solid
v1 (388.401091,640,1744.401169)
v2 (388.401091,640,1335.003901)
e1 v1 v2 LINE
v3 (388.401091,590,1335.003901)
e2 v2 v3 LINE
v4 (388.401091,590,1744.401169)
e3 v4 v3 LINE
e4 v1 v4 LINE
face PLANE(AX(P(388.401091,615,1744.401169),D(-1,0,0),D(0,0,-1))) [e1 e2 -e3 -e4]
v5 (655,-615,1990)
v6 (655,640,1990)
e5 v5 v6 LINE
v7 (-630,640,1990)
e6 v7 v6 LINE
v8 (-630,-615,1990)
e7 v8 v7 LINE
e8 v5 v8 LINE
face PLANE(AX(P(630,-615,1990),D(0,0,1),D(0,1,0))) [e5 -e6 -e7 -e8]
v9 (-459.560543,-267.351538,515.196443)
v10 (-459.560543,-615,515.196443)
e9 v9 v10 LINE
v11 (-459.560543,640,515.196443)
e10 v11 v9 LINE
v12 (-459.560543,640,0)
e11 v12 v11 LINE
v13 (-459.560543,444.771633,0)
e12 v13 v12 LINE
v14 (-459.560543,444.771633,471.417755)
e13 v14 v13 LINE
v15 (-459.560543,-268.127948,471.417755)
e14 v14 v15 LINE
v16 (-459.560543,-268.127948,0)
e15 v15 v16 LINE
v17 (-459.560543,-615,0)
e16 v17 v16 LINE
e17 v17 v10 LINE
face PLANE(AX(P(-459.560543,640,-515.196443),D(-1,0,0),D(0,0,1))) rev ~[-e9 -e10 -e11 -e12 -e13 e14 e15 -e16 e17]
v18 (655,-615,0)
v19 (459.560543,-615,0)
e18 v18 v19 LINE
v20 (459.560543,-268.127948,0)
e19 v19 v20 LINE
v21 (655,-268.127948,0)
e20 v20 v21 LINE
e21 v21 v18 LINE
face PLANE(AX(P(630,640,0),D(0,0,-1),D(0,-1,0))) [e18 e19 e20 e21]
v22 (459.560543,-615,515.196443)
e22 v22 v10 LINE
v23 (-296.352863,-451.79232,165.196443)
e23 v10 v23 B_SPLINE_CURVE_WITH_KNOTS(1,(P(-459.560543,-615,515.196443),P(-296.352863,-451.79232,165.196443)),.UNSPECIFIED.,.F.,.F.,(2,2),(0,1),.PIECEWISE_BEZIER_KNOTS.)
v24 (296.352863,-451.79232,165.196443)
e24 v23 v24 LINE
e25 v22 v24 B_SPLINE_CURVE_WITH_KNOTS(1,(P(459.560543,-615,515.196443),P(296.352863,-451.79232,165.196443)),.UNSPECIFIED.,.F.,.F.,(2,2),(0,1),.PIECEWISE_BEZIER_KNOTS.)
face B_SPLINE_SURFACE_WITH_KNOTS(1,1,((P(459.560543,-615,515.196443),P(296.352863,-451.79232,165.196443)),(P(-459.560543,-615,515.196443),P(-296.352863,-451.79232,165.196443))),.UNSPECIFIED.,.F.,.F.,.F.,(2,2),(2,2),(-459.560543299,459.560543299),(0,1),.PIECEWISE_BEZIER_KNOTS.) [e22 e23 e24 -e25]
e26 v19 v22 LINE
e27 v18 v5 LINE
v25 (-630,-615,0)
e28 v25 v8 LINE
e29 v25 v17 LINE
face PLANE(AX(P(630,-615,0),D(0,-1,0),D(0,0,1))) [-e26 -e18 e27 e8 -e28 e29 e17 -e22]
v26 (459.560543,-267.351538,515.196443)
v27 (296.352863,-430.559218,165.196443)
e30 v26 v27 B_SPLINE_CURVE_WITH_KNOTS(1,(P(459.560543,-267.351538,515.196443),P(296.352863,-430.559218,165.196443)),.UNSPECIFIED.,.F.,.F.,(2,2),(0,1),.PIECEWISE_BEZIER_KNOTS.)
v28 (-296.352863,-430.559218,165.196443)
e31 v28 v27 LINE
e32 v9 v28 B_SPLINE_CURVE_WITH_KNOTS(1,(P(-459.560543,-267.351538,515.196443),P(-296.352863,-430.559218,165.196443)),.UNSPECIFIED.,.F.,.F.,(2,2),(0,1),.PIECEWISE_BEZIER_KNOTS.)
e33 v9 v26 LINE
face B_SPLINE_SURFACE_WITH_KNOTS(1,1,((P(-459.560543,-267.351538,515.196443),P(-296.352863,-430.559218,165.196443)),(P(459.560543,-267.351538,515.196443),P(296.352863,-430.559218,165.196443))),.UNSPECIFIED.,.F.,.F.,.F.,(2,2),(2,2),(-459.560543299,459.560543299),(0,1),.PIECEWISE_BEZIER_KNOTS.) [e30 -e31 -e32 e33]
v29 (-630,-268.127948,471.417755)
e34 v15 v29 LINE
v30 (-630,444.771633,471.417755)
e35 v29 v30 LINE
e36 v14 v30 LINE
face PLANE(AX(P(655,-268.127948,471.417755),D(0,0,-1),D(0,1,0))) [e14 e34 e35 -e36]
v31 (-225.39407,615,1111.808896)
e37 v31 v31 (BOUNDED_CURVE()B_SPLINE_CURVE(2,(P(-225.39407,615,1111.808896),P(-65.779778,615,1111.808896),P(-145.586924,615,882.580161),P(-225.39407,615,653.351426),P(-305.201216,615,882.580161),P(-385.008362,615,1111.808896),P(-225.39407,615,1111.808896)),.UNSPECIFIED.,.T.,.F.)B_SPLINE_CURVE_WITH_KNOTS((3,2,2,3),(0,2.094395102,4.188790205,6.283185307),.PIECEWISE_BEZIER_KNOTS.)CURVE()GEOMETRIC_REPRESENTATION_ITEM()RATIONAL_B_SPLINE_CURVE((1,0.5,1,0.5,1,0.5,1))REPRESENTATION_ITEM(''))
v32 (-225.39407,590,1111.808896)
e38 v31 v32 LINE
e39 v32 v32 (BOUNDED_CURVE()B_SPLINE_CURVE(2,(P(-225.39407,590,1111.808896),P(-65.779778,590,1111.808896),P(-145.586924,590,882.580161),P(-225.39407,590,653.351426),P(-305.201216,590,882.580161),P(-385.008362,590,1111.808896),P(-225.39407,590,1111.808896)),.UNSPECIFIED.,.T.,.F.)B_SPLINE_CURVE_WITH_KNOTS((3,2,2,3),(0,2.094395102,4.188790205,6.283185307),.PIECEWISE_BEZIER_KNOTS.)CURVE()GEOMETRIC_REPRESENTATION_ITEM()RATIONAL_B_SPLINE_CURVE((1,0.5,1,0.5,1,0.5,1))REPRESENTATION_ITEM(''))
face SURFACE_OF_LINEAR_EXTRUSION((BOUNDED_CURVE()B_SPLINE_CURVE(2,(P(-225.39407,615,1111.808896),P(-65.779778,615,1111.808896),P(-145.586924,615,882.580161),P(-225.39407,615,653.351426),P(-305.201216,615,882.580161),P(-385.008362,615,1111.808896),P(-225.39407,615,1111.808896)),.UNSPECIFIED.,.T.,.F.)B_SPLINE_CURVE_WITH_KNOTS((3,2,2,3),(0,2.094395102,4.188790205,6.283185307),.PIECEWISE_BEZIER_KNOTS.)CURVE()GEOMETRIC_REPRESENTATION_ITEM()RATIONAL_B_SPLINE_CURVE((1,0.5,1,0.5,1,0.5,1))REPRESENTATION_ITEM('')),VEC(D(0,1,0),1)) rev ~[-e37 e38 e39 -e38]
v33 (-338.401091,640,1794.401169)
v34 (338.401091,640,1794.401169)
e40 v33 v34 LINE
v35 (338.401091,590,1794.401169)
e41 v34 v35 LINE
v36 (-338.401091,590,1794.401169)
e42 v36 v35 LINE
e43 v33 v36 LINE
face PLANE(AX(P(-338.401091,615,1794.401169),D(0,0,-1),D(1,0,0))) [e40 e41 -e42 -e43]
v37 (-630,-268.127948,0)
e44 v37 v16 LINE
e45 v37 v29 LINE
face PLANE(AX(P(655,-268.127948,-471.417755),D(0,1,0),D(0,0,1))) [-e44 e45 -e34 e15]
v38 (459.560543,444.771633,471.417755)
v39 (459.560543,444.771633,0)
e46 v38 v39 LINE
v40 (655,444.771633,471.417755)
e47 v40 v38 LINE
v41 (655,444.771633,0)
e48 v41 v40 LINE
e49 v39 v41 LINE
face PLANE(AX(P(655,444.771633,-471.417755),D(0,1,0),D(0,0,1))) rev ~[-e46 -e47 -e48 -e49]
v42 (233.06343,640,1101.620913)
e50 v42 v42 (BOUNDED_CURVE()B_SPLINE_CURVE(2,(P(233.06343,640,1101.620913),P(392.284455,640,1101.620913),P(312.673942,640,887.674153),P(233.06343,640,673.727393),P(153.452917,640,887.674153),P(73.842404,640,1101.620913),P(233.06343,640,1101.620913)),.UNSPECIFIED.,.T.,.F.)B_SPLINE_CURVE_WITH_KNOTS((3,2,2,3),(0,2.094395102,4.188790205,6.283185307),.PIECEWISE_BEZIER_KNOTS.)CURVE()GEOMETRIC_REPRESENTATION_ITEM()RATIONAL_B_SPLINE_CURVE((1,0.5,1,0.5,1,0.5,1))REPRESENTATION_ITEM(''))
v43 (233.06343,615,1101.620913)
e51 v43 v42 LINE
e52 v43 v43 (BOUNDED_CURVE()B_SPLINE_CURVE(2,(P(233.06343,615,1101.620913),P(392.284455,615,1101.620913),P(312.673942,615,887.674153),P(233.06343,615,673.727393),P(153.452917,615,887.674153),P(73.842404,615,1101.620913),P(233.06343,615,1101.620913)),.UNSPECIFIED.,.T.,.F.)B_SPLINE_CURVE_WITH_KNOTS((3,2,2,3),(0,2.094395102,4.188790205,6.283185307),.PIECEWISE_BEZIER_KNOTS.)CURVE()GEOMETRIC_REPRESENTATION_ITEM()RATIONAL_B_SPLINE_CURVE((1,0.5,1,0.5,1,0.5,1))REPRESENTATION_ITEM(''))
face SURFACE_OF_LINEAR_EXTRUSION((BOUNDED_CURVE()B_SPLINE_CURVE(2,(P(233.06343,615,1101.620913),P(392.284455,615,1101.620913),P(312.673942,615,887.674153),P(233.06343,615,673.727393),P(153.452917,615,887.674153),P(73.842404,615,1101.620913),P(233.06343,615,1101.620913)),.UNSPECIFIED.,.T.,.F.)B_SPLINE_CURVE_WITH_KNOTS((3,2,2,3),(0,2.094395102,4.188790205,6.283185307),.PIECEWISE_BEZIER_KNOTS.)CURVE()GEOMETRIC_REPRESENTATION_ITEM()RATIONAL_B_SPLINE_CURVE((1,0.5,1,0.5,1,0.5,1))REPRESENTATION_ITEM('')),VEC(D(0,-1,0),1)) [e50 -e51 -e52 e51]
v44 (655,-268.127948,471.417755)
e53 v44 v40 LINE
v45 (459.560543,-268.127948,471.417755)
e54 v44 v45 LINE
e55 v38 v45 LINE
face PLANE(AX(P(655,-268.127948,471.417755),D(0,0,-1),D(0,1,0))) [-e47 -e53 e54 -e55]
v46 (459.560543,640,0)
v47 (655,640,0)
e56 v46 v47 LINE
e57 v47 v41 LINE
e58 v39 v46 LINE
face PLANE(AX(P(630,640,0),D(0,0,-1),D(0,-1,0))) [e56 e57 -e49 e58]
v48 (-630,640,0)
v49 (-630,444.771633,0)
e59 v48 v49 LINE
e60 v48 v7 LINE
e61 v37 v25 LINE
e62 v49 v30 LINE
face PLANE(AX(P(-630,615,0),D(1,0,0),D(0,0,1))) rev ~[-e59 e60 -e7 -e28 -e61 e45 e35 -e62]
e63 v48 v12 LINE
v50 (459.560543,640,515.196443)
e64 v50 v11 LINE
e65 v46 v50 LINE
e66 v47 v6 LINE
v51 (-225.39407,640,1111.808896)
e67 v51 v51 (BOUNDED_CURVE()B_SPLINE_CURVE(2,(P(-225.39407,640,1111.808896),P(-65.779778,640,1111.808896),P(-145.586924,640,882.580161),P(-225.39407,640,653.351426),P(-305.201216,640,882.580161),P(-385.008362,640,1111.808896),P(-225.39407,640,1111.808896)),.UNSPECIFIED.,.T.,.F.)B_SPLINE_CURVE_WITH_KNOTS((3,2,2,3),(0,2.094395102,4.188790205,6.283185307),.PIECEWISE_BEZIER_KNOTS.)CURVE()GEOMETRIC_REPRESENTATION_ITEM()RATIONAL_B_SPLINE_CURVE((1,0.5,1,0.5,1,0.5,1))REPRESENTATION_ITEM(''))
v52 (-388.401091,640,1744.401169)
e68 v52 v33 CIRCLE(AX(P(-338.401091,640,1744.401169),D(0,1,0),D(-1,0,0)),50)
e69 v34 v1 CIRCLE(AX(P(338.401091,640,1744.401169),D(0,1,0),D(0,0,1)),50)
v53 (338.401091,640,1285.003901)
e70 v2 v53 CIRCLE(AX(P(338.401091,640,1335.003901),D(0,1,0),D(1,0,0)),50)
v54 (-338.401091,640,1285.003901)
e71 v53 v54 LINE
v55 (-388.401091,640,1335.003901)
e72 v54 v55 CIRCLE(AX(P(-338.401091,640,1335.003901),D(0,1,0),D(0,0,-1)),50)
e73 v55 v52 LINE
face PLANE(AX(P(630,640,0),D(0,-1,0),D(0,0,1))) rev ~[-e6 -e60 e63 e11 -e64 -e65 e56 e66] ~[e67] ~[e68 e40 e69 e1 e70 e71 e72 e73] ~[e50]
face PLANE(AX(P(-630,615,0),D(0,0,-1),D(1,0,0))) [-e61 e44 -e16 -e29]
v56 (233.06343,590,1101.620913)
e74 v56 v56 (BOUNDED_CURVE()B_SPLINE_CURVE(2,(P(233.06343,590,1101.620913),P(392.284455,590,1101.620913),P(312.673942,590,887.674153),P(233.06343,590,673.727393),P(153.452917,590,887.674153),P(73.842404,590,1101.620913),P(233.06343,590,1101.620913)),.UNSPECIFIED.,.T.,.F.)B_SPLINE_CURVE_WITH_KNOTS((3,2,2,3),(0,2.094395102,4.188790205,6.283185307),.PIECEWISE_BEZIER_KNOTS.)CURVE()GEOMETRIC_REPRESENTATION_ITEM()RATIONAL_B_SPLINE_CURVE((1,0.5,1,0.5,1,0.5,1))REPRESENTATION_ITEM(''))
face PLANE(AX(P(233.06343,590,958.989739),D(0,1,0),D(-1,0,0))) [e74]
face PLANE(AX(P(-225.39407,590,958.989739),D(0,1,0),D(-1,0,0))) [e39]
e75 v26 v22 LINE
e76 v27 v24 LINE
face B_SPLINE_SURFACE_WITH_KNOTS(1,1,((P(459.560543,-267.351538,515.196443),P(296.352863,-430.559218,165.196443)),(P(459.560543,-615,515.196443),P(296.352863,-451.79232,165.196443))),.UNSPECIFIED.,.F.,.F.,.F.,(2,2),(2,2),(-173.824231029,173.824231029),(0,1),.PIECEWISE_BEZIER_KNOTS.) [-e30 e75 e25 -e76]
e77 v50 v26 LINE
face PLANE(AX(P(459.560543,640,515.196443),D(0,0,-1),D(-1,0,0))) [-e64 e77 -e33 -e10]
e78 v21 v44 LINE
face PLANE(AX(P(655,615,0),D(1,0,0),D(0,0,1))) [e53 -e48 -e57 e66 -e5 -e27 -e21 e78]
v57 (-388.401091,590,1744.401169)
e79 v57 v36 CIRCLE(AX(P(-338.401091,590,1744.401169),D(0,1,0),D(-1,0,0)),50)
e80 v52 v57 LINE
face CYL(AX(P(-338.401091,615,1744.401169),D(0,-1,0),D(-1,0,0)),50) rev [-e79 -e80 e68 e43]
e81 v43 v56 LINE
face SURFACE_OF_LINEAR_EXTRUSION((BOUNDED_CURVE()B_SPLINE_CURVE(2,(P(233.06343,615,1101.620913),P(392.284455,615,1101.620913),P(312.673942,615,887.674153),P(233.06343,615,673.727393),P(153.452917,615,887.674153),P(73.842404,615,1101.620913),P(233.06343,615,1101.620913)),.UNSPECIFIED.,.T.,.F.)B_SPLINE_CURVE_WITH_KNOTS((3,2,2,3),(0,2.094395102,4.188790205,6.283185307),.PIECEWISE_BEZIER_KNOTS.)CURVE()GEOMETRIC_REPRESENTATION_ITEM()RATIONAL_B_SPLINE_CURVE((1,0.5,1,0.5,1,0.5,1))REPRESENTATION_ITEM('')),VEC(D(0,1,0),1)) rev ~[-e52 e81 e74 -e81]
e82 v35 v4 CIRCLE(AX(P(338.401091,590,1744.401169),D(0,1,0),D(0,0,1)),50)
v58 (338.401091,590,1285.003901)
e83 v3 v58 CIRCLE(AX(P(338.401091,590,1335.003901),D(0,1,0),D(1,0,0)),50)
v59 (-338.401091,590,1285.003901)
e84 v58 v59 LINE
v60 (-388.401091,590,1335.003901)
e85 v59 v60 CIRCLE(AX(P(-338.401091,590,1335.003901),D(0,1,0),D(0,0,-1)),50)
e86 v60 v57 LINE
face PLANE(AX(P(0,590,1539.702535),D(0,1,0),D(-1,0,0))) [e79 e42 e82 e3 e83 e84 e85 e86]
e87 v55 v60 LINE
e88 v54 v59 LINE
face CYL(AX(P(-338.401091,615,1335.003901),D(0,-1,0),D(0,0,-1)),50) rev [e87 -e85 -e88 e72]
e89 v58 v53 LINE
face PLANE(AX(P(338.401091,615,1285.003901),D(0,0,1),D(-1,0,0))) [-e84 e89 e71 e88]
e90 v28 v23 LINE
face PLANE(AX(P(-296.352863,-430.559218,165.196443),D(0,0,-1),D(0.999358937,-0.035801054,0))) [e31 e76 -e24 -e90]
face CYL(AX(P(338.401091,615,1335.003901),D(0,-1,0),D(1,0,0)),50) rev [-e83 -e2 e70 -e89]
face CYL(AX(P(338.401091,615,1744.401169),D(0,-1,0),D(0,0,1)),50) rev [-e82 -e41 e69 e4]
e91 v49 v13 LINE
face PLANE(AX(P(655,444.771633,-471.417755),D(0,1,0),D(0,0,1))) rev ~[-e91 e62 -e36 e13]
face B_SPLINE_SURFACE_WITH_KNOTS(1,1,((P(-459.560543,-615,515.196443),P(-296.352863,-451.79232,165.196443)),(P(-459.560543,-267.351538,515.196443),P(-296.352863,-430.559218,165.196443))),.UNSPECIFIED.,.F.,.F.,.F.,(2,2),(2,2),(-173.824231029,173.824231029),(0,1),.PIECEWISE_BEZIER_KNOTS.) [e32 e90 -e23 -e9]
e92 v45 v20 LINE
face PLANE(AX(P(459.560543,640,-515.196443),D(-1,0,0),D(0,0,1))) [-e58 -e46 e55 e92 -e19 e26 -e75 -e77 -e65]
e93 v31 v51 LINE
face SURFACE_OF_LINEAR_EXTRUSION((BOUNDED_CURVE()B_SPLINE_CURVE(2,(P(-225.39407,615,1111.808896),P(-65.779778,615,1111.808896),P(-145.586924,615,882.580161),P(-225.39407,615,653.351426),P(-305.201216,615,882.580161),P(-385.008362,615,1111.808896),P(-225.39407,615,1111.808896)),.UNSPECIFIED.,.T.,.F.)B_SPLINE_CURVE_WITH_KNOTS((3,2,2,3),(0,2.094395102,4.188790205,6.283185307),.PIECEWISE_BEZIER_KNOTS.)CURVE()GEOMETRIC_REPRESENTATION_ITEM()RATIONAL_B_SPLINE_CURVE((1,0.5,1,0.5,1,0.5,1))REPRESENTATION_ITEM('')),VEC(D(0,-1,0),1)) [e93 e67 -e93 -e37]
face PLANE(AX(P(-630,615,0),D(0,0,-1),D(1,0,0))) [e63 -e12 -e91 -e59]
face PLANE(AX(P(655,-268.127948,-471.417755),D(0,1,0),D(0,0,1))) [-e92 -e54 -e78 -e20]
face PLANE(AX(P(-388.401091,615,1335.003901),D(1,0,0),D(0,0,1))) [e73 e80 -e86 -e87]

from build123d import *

# Parameters (mm, degrees)
F0_W      = 1260
F0_H      = 1230
F1_DEPTH  = 1990
F3_DEPTH  = 25
F4_DEPTH  = 25
F5_W      = 919.1210865974
F5_H      = 1030.3928852081
F6_DEPTH  = 3660
F7_DEPTH  = 25
F8_W      = 712.8995805979
F8_H      = 942.8355097771
F9_DEPTH  = 3440
F10_W     = 919.1210865974
F10_H     = 347.6484620571
F11_DEPTH = 350
F11_TAPER = 25


with BuildPart() as f1:
    # F0 (on Top) → F1 (new body)
    with BuildSketch(Plane.XY):
        Rectangle(F0_W, F0_H)
    extrude(amount=F1_DEPTH)

    # F2 (on face) → F3 (cut)
    with BuildSketch(Plane(origin=(0, 615, 0), x_dir=(-1, 0, 0), z_dir=(0, 1, 0))):
        with BuildLine():
            add(Edge.make_bspline(
                [(-233.063429594, 1101.6209125519), (-392.2844546987, 1101.6209125519), (-312.6739421464, 887.6741528511), (-233.063429594, 673.7273931503), (-153.4529170417, 887.6741528511), (-73.8424044893, 1101.6209125519), (-233.063429594, 1101.6209125519)],
                knots=[0, 0, 0, 2.0943951024, 2.0943951024, 4.1887902048, 4.1887902048, 6.2831853072, 6.2831853072, 6.2831853072], degree=2, weights=[1, 0.5, 1, 0.5, 1, 0.5, 1]))
        make_face()
        with BuildLine():
            add(Edge.make_bspline(
                [(225.3940701485, 1111.8088960648), (65.7797781257, 1111.8088960648), (145.5869241371, 882.5801610947), (225.3940701485, 653.3514261246), (305.2012161599, 882.5801610947), (385.0083621713, 1111.8088960648), (225.3940701485, 1111.8088960648)],
                knots=[0, 0, 0, 2.0943951024, 2.0943951024, 4.1887902048, 4.1887902048, 6.2831853072, 6.2831853072, 6.2831853072], degree=2, weights=[1, 0.5, 1, 0.5, 1, 0.5, 1]))
        make_face()
        with BuildLine():
            Line((-338.4010910988, 1285.003900528), (338.4010910988, 1285.003900528))
            ThreePointArc((338.4010910988, 1285.003900528), (373.7564301581, 1299.6485614686), (388.4010910988, 1335.003900528))
            Line((388.4010910988, 1335.003900528), (388.4010910988, 1744.4011688232))
            ThreePointArc((388.4010910988, 1744.4011688232), (373.7564301581, 1779.7565078826), (338.4010910988, 1794.4011688232))
            Line((338.4010910988, 1794.4011688232), (-338.4010910988, 1794.4011688232))
            ThreePointArc((-338.4010910988, 1794.4011688232), (-373.7564301581, 1779.7565078826), (-388.4010910988, 1744.4011688232))
            Line((-388.4010910988, 1744.4011688232), (-388.4010910988, 1335.003900528))
            ThreePointArc((-388.4010910988, 1335.003900528), (-373.7564301581, 1299.6485614686), (-338.4010910988, 1285.003900528))
        make_face()
    extrude(amount=-F3_DEPTH, mode=Mode.SUBTRACT)

    # F4 (add): a face of the model
    f4_faces = [f1.faces().sort_by_distance(p)[0] for p in [
        (0.1841211697, 615, 890.8357911974),
    ]]
    extrude(f4_faces, amount=F4_DEPTH)

    # F5 (on face) → F6 (cut)
    with BuildSketch(Plane(origin=(0, 640, 0), x_dir=(-1, 0, 0), z_dir=(0, 1, 0))):
        Rectangle(F5_W, F5_H)
    extrude(amount=-F6_DEPTH, mode=Mode.SUBTRACT)

    # F7 (add): a face of the model
    f7_faces = [f1.faces().sort_by_distance(p)[0] for p in [
        (630, 12.5, 995),
    ]]
    extrude(f7_faces, amount=F7_DEPTH)

    # F8 (on face) → F9 (cut)
    with BuildSketch(Plane.YZ.offset(655)):
        with Locations((88.3218422532, 0)):
            Rectangle(F8_W, F8_H)
    extrude(amount=-F9_DEPTH, mode=Mode.SUBTRACT)

    # F10 (on face) → F11 (join)
    with BuildSketch(Plane(origin=(0, 0, 515.1964426041), x_dir=(1, 0, 0), z_dir=(0, 0, -1))):
        with Locations((0, 441.1757689714)):
            Rectangle(F10_W, F10_H)
    extrude(amount=F11_DEPTH, taper=F11_TAPER)


solid = f1.part
